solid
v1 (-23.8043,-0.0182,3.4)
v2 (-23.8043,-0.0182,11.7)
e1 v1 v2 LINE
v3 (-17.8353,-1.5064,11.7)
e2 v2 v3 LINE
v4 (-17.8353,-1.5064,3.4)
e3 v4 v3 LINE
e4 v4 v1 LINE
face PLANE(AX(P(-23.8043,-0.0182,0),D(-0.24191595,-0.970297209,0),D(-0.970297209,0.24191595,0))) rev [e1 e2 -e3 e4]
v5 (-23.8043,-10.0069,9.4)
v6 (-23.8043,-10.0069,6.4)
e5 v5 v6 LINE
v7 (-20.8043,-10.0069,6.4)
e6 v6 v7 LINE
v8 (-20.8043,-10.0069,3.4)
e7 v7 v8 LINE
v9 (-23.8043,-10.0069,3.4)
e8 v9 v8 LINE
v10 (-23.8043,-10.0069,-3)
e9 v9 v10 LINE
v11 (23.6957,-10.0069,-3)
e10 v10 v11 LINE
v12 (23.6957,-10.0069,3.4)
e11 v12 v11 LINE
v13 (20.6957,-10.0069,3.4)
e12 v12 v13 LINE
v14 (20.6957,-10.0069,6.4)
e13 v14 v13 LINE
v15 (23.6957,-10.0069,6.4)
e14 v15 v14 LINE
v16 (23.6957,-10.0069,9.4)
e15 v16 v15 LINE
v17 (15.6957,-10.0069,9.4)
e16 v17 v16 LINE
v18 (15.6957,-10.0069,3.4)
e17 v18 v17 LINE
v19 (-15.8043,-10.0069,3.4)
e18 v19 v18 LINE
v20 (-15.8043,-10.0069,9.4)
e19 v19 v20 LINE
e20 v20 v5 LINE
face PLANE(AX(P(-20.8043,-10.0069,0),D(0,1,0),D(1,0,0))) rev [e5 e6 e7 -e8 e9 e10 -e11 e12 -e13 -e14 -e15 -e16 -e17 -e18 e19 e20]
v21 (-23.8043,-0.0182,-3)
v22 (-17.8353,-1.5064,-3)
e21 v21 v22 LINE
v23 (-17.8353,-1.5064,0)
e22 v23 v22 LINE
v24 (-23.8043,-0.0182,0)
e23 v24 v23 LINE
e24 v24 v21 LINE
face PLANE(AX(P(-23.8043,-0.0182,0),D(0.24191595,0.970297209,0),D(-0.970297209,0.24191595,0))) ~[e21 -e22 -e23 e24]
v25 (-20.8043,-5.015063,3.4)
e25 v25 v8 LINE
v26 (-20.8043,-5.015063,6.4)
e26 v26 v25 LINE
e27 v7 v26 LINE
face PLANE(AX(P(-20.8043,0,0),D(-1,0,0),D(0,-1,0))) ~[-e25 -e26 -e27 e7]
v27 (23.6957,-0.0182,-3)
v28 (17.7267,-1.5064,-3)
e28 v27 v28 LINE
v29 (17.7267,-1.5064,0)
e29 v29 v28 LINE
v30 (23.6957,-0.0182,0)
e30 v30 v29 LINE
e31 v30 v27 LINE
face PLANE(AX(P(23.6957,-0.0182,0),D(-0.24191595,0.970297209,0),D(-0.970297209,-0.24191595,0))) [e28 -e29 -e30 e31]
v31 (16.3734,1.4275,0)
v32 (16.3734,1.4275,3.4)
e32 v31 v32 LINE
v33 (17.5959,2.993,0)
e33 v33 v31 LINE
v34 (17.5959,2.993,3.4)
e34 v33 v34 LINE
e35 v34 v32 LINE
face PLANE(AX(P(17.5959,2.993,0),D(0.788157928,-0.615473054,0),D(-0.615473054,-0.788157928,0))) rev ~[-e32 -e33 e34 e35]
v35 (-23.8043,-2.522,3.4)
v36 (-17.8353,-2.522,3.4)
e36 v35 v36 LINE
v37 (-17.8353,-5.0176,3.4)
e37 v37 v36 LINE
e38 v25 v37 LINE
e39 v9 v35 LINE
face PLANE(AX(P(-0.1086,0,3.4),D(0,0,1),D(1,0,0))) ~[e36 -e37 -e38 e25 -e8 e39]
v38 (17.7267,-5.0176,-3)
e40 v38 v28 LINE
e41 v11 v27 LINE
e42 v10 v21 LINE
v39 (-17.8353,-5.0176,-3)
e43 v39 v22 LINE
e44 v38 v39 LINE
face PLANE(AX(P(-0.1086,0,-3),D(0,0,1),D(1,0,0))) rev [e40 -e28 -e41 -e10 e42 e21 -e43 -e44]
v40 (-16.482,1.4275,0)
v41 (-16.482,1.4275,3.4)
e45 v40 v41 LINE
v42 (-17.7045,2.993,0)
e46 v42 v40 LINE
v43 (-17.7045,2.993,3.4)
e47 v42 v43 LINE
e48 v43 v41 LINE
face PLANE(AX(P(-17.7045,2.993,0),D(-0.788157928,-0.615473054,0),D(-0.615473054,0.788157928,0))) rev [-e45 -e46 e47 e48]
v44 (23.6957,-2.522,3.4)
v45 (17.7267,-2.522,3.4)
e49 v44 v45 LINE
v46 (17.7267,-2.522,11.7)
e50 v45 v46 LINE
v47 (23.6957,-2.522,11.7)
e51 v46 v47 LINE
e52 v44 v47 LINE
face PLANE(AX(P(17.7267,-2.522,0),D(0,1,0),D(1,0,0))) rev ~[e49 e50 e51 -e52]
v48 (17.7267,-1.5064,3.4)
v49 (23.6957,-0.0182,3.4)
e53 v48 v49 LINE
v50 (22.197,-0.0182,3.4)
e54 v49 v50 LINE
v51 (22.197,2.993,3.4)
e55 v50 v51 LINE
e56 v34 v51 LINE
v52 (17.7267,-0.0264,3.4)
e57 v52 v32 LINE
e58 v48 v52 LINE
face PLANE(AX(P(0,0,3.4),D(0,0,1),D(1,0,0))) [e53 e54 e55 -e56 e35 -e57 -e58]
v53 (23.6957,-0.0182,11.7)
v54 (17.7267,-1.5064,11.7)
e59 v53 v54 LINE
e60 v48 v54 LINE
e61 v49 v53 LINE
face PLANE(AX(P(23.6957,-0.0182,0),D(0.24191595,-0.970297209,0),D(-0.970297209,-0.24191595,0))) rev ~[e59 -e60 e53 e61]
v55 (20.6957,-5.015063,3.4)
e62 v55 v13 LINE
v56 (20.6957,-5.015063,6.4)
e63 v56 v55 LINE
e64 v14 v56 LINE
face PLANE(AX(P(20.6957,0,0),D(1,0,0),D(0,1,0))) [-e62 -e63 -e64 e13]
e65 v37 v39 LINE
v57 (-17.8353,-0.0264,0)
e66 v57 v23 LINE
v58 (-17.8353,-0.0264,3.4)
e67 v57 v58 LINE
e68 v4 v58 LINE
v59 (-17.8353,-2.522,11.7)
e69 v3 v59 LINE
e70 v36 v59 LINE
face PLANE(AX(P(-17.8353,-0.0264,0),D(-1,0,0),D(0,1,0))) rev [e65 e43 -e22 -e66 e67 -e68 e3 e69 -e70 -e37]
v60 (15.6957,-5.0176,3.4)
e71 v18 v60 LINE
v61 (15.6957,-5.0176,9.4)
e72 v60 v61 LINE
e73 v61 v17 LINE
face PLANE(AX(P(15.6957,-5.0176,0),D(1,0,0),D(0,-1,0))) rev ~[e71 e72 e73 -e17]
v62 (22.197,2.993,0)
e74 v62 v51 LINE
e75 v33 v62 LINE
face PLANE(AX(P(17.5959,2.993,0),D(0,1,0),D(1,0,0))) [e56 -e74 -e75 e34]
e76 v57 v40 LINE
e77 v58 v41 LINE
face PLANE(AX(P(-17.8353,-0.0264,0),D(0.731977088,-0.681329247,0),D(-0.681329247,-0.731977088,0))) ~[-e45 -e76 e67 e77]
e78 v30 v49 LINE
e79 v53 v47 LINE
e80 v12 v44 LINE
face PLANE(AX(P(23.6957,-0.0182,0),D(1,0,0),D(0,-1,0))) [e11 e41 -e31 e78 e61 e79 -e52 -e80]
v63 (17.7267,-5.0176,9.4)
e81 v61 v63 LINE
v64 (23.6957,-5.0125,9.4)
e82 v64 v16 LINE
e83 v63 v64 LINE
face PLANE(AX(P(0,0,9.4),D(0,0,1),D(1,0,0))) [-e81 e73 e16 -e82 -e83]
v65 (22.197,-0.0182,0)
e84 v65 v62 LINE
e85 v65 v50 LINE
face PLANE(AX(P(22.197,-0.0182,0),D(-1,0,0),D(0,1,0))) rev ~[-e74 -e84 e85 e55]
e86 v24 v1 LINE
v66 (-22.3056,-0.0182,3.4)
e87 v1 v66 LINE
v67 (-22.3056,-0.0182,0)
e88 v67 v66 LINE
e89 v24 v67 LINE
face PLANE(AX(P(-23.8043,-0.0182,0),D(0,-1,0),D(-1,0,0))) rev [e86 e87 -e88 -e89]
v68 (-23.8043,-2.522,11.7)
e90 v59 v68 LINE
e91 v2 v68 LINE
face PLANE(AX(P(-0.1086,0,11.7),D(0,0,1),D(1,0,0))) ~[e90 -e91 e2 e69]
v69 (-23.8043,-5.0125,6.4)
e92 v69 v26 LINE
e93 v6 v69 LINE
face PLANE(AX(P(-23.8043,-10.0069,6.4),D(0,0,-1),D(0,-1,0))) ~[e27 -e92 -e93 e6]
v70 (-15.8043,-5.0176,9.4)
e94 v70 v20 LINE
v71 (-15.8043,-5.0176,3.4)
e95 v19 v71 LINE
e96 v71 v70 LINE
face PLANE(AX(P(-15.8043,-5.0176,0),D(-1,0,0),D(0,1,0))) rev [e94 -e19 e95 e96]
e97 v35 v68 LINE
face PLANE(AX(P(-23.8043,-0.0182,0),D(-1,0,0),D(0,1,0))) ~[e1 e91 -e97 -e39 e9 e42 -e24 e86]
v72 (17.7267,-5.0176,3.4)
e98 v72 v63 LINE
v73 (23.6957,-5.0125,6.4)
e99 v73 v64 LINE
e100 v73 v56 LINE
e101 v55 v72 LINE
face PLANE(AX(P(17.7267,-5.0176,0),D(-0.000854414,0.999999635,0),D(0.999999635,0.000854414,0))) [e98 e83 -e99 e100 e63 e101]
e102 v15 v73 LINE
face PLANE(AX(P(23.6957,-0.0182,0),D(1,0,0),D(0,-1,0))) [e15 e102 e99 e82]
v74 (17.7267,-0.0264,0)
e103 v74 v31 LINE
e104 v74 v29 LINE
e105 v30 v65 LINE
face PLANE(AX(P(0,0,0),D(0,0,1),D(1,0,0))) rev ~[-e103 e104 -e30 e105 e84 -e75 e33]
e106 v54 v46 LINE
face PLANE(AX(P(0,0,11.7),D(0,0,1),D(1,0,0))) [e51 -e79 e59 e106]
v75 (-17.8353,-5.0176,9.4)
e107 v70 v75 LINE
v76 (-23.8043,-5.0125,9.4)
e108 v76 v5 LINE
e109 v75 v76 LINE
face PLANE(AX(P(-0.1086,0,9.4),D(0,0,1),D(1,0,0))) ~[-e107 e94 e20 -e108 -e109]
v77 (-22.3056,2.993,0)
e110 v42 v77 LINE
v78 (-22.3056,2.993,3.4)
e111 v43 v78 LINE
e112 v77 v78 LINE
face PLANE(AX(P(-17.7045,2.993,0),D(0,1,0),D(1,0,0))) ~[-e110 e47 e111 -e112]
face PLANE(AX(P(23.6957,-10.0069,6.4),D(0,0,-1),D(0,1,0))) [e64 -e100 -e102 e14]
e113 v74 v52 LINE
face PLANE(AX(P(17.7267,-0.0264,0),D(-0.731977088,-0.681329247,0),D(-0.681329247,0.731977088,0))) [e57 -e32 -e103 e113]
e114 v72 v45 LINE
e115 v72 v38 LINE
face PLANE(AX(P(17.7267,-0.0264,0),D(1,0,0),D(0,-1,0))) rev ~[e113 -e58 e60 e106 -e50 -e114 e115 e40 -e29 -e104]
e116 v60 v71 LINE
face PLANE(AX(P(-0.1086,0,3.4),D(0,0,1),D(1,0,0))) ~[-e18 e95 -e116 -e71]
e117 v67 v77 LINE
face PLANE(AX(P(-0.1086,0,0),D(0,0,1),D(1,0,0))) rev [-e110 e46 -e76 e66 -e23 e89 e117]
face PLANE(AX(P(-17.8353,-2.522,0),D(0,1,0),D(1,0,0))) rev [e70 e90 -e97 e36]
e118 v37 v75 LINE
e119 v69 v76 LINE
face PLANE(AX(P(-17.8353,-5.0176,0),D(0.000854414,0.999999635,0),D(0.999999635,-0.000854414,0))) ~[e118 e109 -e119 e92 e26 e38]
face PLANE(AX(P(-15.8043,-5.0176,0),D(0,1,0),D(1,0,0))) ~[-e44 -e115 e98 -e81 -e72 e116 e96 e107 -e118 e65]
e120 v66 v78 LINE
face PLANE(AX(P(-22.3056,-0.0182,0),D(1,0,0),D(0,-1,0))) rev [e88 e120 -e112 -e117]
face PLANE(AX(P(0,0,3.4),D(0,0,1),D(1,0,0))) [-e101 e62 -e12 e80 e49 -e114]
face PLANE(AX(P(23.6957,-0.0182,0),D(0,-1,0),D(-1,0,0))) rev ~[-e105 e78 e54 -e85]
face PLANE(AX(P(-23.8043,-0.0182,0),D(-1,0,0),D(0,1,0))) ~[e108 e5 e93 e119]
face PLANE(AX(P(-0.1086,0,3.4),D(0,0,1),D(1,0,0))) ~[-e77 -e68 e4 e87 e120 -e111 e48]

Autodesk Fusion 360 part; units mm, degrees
sketch "Sketch1" plane through (0, 0, 0) normal (0, 0, 1) x (1, 0, 0)
  line L0 (23.6957, -0.0182) -> (23.6957, -10.0069)
  line L1 (-0.0543, -10.0069) -> (23.6957, -10.0069)
  line L2 (17.7267, -0.0264) -> (17.7267, -5.0176)
  line L3 (-0.0543, -5.0176) -> (17.7267, -5.0176)
  line L4 (5.1457, -10.0069) -> (5.1457, -5.0176)
  line L5 (17.7267, -0.0264) -> (16.3734, 1.4275)
  line L6 (17.5959, 2.993) -> (16.3734, 1.4275)
  line L7 (23.6957, -0.0182) -> (22.197, -0.0182)
  line L8 (23.6957, -0.0182) -> (17.7267, -1.5064)
  line L9 (-0.0543, -5.0176) -> (-0.0543, -10.0069)
  line L10 (17.5959, 2.993) -> (22.197, 2.993)
  line L11 (22.197, -0.0182) -> (22.197, 2.993)
  line L12 (23.6957, -0.0182) -> (22.197, -0.0182) construction
  line L13 (17.7267, -5.0176) -> (23.6957, -5.0125)
  line L14 (15.6957, -5.0176) -> (15.6957, -10.0069)
  line L15 (20.6957, -5.0176) -> (20.6957, -10.0069)
  line L16 (17.7267, -2.522) -> (23.6957, -2.522)
  point P0 (17.7267, -0.0264)
  point P1 (5.1457, -10.0069)
  dimension "latch_width" = 5.969
  dimension "d8" = 5.2
  dimension "d16" = 14
  dimension "d26" = 3
  dimension "d27" = 5
  dimension "d41" = 23.75
extrude "Extrude4" add sketch "Sketch1" along normal blind 3.4 makes body 1
extrude "Extrude9" add sketch "Sketch1" against normal blind 3 contours L0 L2 L8 L16 | L0 L2 L13 L16 | L0 L1 L3 L13 L14 | L1 L3 L4 L14 | L1 L3 L4 L9 bodies 1
extrude "Extrude5" add sketch "Sketch1" along normal blind 11.7 contours L0 L2 L8 L16 bodies 1
extrude "Extrude6" add sketch "Sketch1" along normal blind 9.4 contours L0 L1 L3 L13 L14 bodies 1
sketch "Sketch2" plane through (23.6957, 0, 0) normal (1, 0, 0) x (0, 1, 0)
  line L0 (-0.0182, 0) -> (-0.0182, 3.4)
  line L1 (-0.0182, 3.4) -> (-0.0182, 11.7)
  line L2 (-0.0182, 11.7) -> (-2.522, 11.7)
  line L3 (-2.522, 11.7) -> (-2.522, 3.4)
  line L4 (-2.522, 3.4) -> (-5.0125, 3.4)
  line L5 (-5.0125, 3.4) -> (-5.0125, 9.4)
  line L6 (-5.0125, 9.4) -> (-10.0069, 9.4)
  line L7 (-10.0069, 9.4) -> (-10.0069, -3)
  line L8 (-5.0125, 3.4) -> (-10.0069, 3.4)
  line L9 (-10.0069, 3.4) -> (-10.0069, 6.4)
  line L10 (-10.0069, 6.4) -> (-5.0125, 6.4)
  line L11 (-5.0125, 6.4) -> (-5.0125, 3.4)
  line L12 (-10.0069, -3) -> (-0.0182, -3)
  line L13 (-0.0182, -3) -> (-0.0182, 0)
  dimension "d34" = 3
extrude "Extrude7" cut sketch "Sketch2" against normal blind 3 contours L5 L7 L8 L9 L10 L11 bodies 1
mirror "Mirror1" about plane through (-0.0543, -5.0176, 0) normal (-1, 0, 0) of bodies 1 makes body 2
extrude "Extrude8" add 1 faces at (-0.0543, -8.3438, 1.2667) along direction (-1, 0, 0) blind 2 on bodies 1 bodies 1 2
equation "usbconn_width = 10.4 mm"
equation "usbconn_height = 8.3 mm"
equation "d8 = usbconn_width / 2"
equation "slot_height = 3.4 mm"
equation "d28 = slot_height"
equation "d30 = slot_height + usbconn_height"
equation "d32 = slot_height + 6 mm"
equation "d41 = width"
equation "width = 23.75 mm"
